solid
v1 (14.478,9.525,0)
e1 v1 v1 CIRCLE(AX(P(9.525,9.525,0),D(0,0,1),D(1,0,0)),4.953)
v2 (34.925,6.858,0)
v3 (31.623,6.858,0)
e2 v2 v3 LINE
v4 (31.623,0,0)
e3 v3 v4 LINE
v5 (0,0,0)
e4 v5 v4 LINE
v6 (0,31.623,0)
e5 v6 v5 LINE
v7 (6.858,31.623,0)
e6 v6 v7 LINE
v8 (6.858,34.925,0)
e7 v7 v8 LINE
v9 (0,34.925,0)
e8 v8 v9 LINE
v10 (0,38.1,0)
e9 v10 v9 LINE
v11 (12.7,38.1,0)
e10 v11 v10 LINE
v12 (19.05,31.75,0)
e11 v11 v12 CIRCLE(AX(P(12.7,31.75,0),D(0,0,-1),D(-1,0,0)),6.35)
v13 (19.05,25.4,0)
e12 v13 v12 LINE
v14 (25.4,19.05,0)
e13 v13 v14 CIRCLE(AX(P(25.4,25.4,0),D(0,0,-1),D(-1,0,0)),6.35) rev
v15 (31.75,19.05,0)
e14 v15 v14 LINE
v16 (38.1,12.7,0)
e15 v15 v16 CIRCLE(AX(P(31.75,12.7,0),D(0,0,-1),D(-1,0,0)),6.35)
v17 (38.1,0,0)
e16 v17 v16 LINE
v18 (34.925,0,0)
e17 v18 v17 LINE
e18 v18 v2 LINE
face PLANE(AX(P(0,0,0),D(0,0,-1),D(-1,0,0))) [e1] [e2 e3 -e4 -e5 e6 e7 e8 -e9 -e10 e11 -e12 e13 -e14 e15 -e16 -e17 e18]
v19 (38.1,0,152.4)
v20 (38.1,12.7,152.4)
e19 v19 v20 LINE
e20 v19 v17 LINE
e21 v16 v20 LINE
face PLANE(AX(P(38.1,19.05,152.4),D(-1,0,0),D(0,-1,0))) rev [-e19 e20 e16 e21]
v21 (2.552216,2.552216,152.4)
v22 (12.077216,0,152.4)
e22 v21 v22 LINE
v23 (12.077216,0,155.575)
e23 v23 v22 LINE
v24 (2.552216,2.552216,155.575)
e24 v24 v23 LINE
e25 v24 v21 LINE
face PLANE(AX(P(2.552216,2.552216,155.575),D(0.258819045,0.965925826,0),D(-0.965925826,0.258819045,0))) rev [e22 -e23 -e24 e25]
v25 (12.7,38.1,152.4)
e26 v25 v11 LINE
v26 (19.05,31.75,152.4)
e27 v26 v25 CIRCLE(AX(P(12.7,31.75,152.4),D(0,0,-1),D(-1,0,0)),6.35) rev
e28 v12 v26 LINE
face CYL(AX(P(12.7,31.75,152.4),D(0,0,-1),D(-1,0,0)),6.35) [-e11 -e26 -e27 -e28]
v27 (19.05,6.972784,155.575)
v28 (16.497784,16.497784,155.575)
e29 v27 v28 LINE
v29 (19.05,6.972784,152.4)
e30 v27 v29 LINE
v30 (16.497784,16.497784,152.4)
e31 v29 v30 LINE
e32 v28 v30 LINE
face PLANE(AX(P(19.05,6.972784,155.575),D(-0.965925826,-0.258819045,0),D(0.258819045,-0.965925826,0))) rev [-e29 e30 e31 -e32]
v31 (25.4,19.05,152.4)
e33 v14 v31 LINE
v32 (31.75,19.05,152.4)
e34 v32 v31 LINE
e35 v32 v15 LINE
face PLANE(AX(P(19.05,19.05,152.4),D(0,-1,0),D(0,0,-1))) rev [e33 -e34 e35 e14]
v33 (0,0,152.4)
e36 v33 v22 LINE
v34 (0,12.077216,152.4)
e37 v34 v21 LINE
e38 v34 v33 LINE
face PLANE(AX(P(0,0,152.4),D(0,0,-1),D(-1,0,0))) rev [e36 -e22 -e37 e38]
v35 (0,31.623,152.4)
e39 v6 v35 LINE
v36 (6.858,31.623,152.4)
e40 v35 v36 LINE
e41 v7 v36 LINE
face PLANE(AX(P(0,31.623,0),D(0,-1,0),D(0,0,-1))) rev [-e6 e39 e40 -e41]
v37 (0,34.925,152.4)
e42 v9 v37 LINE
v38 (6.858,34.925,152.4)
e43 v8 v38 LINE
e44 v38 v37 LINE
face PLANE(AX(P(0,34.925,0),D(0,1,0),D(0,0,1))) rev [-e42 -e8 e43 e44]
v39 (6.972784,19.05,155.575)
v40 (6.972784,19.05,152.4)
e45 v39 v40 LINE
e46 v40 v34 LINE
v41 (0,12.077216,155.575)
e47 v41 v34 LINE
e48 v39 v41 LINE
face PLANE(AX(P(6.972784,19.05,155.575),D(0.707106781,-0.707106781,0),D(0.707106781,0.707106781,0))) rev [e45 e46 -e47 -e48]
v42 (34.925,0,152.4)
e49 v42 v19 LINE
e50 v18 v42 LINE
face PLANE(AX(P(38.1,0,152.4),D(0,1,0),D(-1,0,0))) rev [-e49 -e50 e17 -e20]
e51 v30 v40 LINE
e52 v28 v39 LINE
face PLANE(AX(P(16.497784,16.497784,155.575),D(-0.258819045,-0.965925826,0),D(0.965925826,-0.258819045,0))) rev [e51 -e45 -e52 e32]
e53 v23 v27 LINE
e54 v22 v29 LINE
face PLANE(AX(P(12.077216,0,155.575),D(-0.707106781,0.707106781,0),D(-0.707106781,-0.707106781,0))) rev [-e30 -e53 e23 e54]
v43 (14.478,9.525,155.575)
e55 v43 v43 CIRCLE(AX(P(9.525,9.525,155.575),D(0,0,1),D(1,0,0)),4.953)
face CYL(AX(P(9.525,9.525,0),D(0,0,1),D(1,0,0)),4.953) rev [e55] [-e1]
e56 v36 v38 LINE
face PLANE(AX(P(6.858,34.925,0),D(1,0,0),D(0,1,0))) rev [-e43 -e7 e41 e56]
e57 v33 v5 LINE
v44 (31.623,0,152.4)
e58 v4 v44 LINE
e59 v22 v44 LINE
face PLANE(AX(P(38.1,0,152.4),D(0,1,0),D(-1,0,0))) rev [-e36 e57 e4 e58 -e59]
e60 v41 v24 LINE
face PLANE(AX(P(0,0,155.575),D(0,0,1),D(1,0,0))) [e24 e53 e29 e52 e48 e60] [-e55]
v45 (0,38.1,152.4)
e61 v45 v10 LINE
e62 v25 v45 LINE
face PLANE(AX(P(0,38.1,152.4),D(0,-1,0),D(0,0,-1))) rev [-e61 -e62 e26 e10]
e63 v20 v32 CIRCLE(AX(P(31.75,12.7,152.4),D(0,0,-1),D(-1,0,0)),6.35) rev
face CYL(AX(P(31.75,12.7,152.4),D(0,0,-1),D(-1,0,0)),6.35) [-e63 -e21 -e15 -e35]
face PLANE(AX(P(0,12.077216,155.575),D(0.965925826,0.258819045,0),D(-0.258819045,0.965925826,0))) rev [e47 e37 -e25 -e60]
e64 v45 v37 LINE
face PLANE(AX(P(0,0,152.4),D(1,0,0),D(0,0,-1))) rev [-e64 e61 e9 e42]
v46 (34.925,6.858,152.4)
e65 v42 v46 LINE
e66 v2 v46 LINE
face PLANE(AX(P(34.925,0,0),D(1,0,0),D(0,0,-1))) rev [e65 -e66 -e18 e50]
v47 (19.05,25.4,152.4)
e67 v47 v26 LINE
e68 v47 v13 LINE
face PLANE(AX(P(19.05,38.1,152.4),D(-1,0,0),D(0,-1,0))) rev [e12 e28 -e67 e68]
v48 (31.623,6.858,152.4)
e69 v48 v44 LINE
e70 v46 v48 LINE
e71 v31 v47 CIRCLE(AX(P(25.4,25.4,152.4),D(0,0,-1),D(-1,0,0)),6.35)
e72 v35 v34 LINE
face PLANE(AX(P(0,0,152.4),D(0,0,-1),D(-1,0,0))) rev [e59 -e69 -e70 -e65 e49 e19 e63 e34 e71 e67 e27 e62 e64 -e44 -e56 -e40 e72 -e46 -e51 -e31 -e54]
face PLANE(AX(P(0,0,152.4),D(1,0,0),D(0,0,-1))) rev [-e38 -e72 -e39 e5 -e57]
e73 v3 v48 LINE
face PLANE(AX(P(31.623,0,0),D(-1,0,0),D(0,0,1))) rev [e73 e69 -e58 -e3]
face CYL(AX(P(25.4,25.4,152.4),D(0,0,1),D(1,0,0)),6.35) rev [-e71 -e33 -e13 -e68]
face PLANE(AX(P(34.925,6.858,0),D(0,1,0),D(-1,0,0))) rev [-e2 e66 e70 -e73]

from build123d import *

# Parameters (mm, degrees)
BOSS_EXTRUDE1_DEPTH = 152.4
SKETCH2_W           = 6.858
SKETCH2_H           = 3.302
SKETCH2_W_2         = 3.302
SKETCH2_H_2         = 6.858
CUT_EXTRUDE1_DEPTH  = 153.4
BOSS_EXTRUDE2_DEPTH = 3.175
FILLET1_R           = 6.35
SKETCH4_R           = 4.953
CUT_EXTRUDE2_DEPTH  = 156.575


with BuildPart() as part:
    # Sketch1 → Boss-Extrude1 (new body)
    with BuildSketch(Plane.XY):
        Polygon((0, 0), (0, 38.1), (19.05, 38.1), (19.05, 19.05), (38.1, 19.05), (38.1, 0), align=None)
    extrude(amount=BOSS_EXTRUDE1_DEPTH)

    # Sketch2 → Cut-Extrude1 (cut, through all)
    with BuildSketch(Plane.XY.offset(152.4)):
        with Locations((3.429, 33.274)):
            Rectangle(SKETCH2_W, SKETCH2_H)
        with Locations((33.274, 3.429)):
            Rectangle(SKETCH2_W_2, SKETCH2_H_2)
    extrude(amount=-CUT_EXTRUDE1_DEPTH, mode=Mode.SUBTRACT)

    # Sketch3 → Boss-Extrude2 (add)
    with BuildSketch(Plane.XY.offset(152.4)):
        Polygon((16.497783942, 16.497783942), (6.972783942, 19.05), (0, 12.077216058), (2.552216058, 2.552216058), (12.077216058, 0), (19.05, 6.972783942), align=None)
    extrude(amount=BOSS_EXTRUDE2_DEPTH)

    # Fillet1
    fillet1_edges = [part.edges().sort_by_distance(p)[0] for p in [
        (19.05, 38.1, 76.2),
        (19.05, 19.05, 76.2),
        (38.1, 19.05, 76.2),
    ]]
    fillet(fillet1_edges, radius=FILLET1_R)

    # Sketch4 → Cut-Extrude2 (cut, through all)
    with BuildSketch(Plane.XY.offset(155.575)):
        with Locations((9.525, 9.525)):
            Circle(SKETCH4_R)
    extrude(amount=-CUT_EXTRUDE2_DEPTH, mode=Mode.SUBTRACT)


solid = part.part
